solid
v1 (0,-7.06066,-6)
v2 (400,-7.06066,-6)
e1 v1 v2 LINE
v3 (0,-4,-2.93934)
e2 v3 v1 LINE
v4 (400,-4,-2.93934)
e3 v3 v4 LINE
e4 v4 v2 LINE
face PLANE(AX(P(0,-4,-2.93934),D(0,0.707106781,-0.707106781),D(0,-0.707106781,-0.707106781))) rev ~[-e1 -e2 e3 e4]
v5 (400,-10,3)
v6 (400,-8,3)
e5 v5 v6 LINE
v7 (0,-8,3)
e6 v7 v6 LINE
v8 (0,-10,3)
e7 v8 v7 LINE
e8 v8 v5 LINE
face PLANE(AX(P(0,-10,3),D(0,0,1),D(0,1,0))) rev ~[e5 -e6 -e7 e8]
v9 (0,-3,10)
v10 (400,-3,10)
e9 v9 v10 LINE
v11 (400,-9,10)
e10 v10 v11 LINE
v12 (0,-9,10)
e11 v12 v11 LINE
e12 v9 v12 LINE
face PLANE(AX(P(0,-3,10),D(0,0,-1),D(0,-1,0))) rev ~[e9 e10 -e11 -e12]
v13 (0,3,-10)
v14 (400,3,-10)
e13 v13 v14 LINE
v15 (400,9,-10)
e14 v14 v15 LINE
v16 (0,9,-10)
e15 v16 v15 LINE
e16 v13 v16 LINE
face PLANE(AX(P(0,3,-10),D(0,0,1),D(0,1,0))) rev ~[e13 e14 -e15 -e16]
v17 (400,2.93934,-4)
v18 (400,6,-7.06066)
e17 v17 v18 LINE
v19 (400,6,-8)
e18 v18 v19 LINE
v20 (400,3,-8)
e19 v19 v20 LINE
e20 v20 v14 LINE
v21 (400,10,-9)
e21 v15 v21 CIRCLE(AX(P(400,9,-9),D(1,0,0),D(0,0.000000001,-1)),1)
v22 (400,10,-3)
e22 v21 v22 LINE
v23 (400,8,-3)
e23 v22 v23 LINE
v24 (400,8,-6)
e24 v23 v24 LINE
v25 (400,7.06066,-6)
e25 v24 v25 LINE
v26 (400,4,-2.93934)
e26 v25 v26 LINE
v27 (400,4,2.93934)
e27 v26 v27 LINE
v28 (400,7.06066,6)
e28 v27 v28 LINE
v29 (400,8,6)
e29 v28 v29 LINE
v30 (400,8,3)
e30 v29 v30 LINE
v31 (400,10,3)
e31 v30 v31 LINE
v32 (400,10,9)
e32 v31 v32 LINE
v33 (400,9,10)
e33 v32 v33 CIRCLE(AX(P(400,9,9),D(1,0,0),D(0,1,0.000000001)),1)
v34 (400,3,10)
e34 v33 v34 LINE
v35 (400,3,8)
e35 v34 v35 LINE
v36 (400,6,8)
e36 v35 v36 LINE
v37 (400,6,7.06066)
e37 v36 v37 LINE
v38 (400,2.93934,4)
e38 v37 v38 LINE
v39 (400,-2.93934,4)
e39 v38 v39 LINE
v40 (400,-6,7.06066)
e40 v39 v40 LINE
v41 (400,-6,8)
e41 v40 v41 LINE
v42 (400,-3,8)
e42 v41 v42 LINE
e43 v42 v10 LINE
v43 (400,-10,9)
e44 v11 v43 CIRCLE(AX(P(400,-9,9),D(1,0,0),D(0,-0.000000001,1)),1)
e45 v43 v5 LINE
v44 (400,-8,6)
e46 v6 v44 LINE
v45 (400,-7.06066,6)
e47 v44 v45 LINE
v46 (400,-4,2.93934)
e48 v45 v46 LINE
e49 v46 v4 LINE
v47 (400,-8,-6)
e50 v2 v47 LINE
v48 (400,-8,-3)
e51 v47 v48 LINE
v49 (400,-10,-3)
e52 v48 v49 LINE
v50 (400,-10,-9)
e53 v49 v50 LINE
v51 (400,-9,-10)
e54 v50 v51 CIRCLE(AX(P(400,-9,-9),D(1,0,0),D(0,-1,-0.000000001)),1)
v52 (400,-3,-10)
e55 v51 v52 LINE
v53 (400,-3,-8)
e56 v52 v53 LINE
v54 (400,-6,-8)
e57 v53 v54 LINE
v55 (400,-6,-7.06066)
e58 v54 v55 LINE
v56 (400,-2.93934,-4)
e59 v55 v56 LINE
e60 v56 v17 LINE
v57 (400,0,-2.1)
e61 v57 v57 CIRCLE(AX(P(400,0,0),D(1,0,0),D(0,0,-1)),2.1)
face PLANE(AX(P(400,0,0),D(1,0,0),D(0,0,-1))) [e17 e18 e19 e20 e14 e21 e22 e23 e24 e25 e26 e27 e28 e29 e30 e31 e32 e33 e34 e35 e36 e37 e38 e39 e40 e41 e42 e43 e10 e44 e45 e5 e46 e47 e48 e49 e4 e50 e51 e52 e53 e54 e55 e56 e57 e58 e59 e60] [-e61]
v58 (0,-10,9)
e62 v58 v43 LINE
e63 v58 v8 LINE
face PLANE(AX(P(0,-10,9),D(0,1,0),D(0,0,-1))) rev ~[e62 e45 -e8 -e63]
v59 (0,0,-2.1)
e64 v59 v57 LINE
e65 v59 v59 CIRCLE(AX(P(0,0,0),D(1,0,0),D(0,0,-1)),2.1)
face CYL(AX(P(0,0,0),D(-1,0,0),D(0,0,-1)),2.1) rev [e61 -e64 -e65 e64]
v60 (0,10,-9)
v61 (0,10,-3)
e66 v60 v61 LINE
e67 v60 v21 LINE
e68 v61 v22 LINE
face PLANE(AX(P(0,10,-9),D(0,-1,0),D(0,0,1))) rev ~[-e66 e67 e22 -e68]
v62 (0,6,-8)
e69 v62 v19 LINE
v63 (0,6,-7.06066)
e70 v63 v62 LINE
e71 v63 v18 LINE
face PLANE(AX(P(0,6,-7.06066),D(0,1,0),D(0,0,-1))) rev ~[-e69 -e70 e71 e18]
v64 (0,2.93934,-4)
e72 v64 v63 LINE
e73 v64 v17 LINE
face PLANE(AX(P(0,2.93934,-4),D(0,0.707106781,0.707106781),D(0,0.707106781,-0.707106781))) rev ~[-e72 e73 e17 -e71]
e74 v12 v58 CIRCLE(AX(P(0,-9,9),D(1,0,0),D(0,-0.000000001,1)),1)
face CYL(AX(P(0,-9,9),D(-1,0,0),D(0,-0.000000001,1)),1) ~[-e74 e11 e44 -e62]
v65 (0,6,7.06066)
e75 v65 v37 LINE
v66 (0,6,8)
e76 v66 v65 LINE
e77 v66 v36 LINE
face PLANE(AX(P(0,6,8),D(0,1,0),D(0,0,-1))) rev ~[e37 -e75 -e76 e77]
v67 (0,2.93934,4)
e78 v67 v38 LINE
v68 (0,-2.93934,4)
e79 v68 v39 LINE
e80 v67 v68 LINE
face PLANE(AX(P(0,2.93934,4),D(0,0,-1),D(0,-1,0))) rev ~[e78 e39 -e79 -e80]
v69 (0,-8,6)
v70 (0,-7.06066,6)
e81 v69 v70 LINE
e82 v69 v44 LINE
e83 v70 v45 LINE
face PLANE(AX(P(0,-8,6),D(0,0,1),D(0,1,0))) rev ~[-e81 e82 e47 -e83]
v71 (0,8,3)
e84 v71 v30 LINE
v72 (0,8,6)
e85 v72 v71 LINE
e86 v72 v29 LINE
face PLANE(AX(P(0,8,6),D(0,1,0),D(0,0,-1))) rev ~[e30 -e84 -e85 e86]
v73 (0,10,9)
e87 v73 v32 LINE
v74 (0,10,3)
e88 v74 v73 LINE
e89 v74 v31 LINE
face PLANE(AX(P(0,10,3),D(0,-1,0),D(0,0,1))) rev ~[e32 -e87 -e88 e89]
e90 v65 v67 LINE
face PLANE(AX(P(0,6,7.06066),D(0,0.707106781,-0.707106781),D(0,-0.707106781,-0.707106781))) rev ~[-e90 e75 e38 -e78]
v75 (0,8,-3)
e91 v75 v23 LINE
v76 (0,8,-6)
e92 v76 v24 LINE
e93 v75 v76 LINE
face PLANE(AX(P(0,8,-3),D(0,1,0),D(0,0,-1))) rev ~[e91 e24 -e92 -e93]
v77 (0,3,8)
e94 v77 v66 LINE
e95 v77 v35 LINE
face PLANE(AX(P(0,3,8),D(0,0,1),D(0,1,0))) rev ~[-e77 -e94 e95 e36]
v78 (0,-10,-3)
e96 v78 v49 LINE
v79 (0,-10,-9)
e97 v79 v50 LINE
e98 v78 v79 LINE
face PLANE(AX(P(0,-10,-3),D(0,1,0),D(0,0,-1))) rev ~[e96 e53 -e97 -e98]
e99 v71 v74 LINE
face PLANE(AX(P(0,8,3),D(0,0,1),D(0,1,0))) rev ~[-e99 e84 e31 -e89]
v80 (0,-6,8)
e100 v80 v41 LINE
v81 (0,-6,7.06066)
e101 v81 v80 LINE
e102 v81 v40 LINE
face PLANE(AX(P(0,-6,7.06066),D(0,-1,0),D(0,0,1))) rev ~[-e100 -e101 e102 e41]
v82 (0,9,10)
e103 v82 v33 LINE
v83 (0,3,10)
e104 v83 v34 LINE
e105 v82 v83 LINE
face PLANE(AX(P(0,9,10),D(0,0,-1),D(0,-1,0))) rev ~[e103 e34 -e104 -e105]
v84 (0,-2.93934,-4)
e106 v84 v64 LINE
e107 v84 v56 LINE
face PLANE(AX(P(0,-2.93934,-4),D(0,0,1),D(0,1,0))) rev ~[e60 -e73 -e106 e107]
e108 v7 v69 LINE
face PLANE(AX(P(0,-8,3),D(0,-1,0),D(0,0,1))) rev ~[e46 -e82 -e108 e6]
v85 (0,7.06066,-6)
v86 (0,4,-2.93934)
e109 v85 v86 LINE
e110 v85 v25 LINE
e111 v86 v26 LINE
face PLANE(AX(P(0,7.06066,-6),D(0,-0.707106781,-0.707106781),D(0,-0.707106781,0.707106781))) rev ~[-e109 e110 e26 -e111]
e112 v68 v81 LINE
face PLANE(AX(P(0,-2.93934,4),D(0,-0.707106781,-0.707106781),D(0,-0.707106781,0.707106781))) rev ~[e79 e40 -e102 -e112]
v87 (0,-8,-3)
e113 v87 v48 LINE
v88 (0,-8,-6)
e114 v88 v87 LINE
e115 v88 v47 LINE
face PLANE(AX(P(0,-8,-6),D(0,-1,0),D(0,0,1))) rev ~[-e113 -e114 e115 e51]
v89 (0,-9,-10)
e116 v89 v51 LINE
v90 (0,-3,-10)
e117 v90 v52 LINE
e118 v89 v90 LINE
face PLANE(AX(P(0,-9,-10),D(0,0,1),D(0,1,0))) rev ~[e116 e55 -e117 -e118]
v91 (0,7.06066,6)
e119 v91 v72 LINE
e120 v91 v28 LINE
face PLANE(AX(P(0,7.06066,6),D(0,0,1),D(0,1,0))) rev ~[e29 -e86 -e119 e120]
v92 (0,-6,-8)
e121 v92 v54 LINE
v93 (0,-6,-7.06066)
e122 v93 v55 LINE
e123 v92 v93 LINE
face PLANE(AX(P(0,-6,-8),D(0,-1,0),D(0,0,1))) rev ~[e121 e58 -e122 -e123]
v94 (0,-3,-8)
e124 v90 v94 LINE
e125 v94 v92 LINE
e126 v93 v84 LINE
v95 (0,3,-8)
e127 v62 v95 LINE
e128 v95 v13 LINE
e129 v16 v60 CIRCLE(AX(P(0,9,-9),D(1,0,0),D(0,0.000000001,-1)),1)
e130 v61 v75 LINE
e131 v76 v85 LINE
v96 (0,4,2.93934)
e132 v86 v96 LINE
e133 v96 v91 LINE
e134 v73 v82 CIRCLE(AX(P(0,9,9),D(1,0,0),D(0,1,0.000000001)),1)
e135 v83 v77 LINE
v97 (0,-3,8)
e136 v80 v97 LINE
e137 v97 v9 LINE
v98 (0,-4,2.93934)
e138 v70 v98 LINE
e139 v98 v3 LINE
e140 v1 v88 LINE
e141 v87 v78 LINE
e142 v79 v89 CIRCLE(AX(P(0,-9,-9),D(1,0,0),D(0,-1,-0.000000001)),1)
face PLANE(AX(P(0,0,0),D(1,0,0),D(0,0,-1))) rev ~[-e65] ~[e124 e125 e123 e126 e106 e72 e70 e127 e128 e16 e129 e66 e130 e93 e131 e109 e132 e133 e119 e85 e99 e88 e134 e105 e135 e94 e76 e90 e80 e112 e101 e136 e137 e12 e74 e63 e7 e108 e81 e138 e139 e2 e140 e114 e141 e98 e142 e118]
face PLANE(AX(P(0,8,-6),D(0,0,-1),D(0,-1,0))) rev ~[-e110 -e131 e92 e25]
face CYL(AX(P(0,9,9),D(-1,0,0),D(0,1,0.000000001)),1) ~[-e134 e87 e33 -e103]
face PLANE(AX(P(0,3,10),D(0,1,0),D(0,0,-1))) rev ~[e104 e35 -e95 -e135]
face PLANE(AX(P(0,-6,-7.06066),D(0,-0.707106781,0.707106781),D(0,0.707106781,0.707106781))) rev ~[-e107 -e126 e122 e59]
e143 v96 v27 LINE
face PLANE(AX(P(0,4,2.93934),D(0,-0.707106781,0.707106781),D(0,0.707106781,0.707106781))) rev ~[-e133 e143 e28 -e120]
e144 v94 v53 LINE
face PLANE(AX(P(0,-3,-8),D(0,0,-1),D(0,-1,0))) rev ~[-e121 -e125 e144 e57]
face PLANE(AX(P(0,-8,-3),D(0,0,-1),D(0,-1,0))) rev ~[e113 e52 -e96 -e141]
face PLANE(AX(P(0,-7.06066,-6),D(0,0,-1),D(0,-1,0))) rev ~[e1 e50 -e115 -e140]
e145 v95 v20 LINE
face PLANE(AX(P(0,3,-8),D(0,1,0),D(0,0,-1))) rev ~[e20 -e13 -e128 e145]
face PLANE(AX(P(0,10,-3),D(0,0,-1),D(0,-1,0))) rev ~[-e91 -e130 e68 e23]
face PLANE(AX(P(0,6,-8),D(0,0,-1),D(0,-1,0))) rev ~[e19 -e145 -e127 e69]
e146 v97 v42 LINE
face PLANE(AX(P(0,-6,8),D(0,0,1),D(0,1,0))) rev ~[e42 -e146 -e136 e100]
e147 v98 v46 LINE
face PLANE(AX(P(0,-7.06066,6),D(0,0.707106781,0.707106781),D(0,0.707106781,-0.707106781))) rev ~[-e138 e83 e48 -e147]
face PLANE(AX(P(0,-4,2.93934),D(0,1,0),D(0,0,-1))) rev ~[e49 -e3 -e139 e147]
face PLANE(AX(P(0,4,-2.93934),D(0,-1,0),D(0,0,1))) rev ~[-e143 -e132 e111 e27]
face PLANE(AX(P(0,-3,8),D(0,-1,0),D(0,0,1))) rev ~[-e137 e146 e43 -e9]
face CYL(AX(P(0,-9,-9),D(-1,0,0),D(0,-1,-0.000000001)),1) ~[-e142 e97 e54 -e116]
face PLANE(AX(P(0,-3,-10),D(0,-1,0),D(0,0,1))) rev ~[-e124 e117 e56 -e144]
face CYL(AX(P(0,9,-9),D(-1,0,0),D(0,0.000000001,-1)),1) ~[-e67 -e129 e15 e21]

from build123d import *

# Parameters (mm, degrees)
SKETCH1_R           = 2.1
BOSS_EXTRUDE1_DEPTH = 400


with BuildPart() as part:
    # Sketch1 → Boss-Extrude1 (new body)
    with BuildSketch(Plane(origin=(0, 0, 0), x_dir=(0, 0, -1), z_dir=(1, 0, 0))):
        with BuildLine():
            Line((-10, 9), (-10, 3))
            Line((-10, 3), (-8, 3))
            Line((-8, 3), (-8, 6))
            Line((-8, 6), (-7.060660172, 6))
            Line((-7.060660172, 6), (-4, 2.939339828))
            Line((-4, 2.939339828), (-4, -2.939339828))
            Line((-4, -2.939339828), (-7.060660172, -6))
            Line((-7.060660172, -6), (-8, -6))
            Line((-8, -6), (-8, -3))
            Line((-8, -3), (-10, -3))
            Line((-10, -3), (-10, -9))
            ThreePointArc((-10, -9), (-9.707106781, -9.707106781), (-9, -10))
            Line((-9, -10), (-3, -10))
            Line((-3, -10), (-3, -8))
            Line((-3, -8), (-6, -8))
            Line((-6, -8), (-6, -7.060660172))
            Line((-6, -7.060660172), (-2.939339828, -4))
            Line((-2.939339828, -4), (2.939339828, -4))
            Line((2.939339828, -4), (6, -7.060660172))
            Line((6, -7.060660172), (6, -8))
            Line((6, -8), (3, -8))
            Line((3, -8), (3, -10))
            Line((3, -10), (9, -10))
            ThreePointArc((9, -10), (9.707106781, -9.707106781), (10, -9))
            Line((10, -9), (10, -3))
            Line((10, -3), (8, -3))
            Line((8, -3), (8, -6))
            Line((8, -6), (7.060660172, -6))
            Line((7.060660172, -6), (4, -2.939339828))
            Line((4, -2.939339828), (4, 2.939339828))
            Line((4, 2.939339828), (7.060660172, 6))
            Line((7.060660172, 6), (8, 6))
            Line((8, 6), (8, 3))
            Line((8, 3), (10, 3))
            Line((10, 3), (10, 9))
            ThreePointArc((10, 9), (9.707106781, 9.707106781), (9, 10))
            Line((9, 10), (3, 10))
            Line((3, 10), (3, 8))
            Line((3, 8), (6, 8))
            Line((6, 8), (6, 7.060660172))
            Line((6, 7.060660172), (2.939339828, 4))
            Line((2.939339828, 4), (-2.939339828, 4))
            Line((-2.939339828, 4), (-6, 7.060660172))
            Line((-6, 7.060660172), (-6, 8))
            Line((-6, 8), (-3, 8))
            Line((-3, 8), (-3, 10))
            Line((-3, 10), (-9, 10))
            ThreePointArc((-9, 10), (-9.707106781, 9.707106781), (-10, 9))
        make_face()
        Circle(SKETCH1_R, mode=Mode.SUBTRACT)
    extrude(amount=BOSS_EXTRUDE1_DEPTH)


solid = part.part
